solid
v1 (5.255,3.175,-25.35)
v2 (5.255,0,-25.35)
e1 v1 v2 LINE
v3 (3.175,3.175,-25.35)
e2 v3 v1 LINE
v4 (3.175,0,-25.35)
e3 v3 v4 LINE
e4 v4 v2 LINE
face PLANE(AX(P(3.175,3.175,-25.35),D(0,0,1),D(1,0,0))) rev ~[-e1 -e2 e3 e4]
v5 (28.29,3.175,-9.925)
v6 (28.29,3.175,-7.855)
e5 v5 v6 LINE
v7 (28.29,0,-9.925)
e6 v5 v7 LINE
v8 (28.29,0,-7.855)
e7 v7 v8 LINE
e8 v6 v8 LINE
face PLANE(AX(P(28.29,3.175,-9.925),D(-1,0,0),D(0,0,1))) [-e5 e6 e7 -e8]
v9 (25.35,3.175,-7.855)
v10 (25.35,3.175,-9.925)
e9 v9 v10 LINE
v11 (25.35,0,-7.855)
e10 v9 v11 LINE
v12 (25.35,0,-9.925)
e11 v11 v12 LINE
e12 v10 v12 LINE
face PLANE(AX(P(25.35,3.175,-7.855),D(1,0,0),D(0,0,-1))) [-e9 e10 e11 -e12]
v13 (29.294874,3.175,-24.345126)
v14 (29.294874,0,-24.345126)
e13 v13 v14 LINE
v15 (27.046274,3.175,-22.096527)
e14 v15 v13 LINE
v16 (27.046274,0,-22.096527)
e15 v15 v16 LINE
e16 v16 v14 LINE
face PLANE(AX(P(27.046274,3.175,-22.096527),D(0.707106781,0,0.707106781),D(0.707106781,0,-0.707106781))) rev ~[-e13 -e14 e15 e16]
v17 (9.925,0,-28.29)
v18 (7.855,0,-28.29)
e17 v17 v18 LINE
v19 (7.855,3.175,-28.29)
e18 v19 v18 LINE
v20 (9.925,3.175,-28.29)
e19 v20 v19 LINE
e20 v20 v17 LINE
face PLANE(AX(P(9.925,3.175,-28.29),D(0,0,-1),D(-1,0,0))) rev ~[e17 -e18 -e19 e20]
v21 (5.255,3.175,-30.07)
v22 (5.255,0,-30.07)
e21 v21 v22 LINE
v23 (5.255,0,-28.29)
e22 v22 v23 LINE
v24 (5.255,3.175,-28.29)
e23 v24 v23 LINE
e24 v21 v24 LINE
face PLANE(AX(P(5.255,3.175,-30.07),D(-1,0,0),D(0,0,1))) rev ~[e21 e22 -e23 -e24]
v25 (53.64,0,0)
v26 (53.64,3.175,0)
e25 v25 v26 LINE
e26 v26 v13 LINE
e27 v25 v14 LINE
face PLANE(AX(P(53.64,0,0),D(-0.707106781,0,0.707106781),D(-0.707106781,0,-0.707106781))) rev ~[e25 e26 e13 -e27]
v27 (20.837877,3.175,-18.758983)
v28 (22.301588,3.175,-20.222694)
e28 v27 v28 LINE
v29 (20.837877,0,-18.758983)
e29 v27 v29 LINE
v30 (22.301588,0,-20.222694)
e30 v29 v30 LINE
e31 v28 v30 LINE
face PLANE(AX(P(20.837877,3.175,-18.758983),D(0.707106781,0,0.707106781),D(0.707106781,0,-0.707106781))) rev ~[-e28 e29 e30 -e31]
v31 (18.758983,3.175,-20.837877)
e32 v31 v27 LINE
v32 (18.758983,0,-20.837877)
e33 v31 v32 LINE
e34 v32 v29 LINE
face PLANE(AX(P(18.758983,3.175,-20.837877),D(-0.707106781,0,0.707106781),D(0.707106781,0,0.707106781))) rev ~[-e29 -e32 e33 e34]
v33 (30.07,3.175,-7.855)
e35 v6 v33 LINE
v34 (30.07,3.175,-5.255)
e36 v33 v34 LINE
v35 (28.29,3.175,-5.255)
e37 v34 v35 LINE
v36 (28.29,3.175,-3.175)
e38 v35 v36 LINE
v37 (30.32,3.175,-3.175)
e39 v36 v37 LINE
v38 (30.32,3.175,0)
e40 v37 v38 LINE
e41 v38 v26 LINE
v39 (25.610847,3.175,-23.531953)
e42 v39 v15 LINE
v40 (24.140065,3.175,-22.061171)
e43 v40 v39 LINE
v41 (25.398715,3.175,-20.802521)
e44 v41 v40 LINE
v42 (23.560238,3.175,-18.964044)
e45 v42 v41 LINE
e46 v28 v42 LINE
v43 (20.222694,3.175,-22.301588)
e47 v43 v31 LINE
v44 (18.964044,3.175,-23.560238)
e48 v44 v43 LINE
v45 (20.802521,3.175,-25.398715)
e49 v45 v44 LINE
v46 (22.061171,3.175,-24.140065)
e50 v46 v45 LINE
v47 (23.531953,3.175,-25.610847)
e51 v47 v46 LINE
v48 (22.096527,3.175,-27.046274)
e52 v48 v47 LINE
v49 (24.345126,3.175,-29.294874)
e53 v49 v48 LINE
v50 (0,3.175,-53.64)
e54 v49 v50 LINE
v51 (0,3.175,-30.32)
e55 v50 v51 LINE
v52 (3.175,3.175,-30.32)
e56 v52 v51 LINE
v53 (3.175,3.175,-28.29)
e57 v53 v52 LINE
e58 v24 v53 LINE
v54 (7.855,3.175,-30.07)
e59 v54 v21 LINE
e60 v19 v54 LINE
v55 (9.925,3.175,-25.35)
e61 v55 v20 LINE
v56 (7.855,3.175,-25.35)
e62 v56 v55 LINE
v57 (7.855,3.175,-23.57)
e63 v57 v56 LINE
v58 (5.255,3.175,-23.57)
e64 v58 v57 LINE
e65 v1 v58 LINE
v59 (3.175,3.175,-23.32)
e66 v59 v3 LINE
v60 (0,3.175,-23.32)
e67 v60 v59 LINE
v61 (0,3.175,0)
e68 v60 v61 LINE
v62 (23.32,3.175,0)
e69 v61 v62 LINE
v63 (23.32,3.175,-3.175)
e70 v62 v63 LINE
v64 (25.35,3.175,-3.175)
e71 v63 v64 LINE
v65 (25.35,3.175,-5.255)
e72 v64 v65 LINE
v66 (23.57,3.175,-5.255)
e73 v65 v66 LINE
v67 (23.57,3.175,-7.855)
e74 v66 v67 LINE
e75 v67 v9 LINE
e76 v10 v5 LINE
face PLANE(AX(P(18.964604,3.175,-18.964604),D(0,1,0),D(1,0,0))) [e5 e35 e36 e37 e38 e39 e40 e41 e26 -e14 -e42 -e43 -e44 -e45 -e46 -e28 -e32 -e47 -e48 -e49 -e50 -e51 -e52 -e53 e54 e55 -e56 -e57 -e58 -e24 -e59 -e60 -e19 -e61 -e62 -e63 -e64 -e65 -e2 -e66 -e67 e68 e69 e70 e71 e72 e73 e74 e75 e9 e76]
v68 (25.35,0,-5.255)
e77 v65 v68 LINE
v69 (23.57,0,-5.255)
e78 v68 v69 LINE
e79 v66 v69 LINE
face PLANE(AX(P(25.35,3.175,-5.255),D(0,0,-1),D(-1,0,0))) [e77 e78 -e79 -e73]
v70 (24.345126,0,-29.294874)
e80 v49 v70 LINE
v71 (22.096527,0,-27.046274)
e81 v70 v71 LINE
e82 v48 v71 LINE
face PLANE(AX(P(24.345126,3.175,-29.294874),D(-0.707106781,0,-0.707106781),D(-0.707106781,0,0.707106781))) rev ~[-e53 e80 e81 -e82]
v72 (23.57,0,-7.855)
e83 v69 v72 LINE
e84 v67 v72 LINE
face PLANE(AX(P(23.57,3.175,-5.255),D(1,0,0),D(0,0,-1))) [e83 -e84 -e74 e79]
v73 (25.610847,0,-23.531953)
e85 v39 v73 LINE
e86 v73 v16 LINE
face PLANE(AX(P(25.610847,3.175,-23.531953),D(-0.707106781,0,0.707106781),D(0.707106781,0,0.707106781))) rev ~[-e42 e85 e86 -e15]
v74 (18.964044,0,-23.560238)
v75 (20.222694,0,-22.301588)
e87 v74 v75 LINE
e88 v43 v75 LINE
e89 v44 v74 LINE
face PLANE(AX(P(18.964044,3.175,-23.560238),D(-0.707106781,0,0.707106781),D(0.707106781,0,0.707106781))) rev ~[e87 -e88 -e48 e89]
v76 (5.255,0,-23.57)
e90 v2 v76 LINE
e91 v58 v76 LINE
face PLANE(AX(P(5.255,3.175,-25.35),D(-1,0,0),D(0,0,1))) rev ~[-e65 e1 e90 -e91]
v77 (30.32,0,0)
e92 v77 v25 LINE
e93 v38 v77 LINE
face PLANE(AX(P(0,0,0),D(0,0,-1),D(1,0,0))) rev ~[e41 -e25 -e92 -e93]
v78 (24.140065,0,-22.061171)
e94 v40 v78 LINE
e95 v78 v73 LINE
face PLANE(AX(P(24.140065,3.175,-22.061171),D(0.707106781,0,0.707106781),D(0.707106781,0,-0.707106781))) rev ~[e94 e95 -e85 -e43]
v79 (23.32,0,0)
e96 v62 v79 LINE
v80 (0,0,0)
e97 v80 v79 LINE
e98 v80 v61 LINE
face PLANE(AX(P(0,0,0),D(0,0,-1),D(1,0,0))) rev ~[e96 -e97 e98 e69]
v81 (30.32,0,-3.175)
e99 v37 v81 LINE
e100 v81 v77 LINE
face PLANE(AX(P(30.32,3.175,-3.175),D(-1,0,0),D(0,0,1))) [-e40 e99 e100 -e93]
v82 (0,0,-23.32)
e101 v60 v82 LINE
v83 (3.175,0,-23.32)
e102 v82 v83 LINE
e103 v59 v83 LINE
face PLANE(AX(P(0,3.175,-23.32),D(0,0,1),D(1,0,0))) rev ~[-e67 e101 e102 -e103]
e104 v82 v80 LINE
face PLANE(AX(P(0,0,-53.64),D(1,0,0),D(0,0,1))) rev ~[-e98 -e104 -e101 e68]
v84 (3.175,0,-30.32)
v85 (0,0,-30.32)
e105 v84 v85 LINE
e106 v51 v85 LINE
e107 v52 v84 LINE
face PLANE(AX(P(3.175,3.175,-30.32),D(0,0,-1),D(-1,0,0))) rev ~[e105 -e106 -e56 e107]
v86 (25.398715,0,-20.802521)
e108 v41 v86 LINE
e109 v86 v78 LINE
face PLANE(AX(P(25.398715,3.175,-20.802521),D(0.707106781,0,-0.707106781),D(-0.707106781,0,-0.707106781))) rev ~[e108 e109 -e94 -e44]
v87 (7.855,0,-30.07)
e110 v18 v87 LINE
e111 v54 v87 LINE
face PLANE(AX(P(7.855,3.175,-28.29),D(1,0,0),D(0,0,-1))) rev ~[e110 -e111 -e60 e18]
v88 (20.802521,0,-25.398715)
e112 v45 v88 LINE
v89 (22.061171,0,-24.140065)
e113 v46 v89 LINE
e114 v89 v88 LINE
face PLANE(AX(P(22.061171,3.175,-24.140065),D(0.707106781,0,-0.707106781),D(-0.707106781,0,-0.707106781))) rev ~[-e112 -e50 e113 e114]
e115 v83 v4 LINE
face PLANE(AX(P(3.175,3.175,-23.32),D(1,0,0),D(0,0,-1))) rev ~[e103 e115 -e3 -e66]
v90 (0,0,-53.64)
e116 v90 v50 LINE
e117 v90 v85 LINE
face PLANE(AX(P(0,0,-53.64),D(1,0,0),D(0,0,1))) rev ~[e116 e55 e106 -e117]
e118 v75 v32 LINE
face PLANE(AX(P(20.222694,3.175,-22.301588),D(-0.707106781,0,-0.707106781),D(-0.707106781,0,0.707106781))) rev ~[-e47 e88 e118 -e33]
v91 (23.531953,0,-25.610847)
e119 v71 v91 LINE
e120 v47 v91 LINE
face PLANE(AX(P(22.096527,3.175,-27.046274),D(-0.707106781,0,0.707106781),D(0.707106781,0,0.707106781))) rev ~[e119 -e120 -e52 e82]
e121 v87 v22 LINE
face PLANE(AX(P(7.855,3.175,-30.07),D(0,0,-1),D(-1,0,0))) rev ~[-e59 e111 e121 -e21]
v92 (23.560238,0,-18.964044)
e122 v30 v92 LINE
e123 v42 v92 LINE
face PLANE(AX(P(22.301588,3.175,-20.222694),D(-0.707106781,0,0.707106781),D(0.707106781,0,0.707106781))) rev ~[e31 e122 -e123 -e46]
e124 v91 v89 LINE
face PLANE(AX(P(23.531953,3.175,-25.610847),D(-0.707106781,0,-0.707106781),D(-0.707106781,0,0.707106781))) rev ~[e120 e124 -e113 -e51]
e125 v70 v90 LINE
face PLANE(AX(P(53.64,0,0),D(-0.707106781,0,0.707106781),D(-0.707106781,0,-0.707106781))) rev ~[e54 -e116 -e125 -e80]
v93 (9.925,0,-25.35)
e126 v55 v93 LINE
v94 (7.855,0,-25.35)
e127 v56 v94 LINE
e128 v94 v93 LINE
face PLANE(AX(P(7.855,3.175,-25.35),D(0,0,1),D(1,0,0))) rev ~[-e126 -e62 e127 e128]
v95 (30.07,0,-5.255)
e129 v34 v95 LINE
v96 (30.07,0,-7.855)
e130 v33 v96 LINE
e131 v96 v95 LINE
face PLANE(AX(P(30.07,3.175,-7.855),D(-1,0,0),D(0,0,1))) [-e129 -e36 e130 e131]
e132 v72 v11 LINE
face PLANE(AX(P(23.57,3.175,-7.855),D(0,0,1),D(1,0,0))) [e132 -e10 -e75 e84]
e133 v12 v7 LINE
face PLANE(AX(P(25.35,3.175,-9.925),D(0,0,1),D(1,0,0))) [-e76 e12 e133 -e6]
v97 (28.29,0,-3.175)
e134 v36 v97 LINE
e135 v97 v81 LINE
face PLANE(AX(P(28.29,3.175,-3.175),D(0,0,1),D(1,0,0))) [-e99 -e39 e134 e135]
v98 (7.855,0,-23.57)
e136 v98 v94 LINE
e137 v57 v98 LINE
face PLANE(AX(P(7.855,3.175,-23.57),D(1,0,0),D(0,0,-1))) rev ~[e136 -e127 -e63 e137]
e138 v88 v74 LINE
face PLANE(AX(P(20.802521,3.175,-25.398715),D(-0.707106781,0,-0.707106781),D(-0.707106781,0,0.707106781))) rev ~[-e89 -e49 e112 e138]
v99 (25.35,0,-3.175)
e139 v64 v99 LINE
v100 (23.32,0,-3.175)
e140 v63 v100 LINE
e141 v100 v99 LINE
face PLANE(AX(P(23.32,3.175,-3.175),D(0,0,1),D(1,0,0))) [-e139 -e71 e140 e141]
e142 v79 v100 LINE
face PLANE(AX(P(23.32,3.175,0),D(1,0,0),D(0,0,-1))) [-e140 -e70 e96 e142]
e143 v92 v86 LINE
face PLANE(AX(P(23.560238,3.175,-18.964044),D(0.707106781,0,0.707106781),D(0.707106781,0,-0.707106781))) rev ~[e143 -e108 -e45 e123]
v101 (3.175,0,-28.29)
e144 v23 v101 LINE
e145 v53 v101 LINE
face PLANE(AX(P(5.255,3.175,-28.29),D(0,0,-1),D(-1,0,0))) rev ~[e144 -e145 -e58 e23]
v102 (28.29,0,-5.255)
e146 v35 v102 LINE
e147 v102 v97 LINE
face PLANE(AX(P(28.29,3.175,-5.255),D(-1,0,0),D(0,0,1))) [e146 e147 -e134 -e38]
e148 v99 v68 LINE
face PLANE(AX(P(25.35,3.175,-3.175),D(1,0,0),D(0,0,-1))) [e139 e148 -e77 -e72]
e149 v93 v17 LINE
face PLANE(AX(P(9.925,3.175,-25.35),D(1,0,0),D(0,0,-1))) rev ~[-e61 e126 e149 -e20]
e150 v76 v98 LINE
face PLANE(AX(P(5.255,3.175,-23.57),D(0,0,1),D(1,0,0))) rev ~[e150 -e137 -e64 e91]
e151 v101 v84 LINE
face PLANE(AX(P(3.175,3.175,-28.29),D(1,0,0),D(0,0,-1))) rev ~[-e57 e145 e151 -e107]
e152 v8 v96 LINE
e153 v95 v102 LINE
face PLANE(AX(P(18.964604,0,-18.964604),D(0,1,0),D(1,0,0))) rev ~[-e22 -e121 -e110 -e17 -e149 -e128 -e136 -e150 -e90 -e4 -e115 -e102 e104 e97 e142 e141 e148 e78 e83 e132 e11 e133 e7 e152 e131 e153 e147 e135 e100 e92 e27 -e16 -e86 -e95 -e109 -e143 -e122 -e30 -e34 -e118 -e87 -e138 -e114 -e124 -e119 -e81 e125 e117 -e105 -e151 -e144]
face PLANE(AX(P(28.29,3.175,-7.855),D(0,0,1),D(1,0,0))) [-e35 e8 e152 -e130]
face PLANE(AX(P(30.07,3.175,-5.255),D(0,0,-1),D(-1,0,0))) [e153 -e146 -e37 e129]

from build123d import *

# Parameters (mm, degrees)
BOSS_EXTRUDE1_DEPTH = 3.175
CUT_EXTRUDE1_DEPTH  = 10


with BuildPart() as part:
    # Sketch1 → Boss-Extrude1 (new body)
    with BuildSketch(Plane(origin=(0, 0, 0), x_dir=(1, 0, 0), z_dir=(0, 1, 0))):
        Polygon((0, 0), (53.64, 0), (0, 53.64), align=None)
    extrude(amount=BOSS_EXTRUDE1_DEPTH)

    # Sketch2 → Cut-Extrude1 (cut)
    with BuildSketch(Plane(origin=(0, 3.175, 0), x_dir=(1, 0, 0), z_dir=(0, 1, 0))):
        Polygon((27.04627417, 22.096526702), (29.294873734, 24.345126266), (24.345126266, 29.294873734), (22.096526702, 27.04627417), (23.531953467, 25.610847404), (22.061171363, 24.140065299), (20.802521292, 25.39871537), (18.964043661, 23.560237739), (20.222693732, 22.301587668), (18.758982694, 20.837876631), (20.837876631, 18.758982694), (22.301587668, 20.222693732), (23.560237739, 18.964043661), (25.39871537, 20.802521292), (24.140065299, 22.061171363), (25.610847404, 23.531953467), align=None)
        Polygon((3.175, 30.32), (0, 30.32), (0, 23.32), (3.175, 23.32), (3.175, 25.35), (5.255, 25.35), (5.255, 23.57), (7.855, 23.57), (7.855, 25.35), (9.925, 25.35), (9.925, 28.29), (7.855, 28.29), (7.855, 30.07), (5.255, 30.07), (5.255, 28.29), (3.175, 28.29), align=None)
        Polygon((30.32, 3.175), (30.32, 0), (23.32, 0), (23.32, 3.175), (25.35, 3.175), (25.35, 5.255), (23.57, 5.255), (23.57, 7.855), (25.35, 7.855), (25.35, 9.925), (28.29, 9.925), (28.29, 7.855), (30.07, 7.855), (30.07, 5.255), (28.29, 5.255), (28.29, 3.175), align=None)
    extrude(amount=-CUT_EXTRUDE1_DEPTH, mode=Mode.SUBTRACT)


solid = part.part
